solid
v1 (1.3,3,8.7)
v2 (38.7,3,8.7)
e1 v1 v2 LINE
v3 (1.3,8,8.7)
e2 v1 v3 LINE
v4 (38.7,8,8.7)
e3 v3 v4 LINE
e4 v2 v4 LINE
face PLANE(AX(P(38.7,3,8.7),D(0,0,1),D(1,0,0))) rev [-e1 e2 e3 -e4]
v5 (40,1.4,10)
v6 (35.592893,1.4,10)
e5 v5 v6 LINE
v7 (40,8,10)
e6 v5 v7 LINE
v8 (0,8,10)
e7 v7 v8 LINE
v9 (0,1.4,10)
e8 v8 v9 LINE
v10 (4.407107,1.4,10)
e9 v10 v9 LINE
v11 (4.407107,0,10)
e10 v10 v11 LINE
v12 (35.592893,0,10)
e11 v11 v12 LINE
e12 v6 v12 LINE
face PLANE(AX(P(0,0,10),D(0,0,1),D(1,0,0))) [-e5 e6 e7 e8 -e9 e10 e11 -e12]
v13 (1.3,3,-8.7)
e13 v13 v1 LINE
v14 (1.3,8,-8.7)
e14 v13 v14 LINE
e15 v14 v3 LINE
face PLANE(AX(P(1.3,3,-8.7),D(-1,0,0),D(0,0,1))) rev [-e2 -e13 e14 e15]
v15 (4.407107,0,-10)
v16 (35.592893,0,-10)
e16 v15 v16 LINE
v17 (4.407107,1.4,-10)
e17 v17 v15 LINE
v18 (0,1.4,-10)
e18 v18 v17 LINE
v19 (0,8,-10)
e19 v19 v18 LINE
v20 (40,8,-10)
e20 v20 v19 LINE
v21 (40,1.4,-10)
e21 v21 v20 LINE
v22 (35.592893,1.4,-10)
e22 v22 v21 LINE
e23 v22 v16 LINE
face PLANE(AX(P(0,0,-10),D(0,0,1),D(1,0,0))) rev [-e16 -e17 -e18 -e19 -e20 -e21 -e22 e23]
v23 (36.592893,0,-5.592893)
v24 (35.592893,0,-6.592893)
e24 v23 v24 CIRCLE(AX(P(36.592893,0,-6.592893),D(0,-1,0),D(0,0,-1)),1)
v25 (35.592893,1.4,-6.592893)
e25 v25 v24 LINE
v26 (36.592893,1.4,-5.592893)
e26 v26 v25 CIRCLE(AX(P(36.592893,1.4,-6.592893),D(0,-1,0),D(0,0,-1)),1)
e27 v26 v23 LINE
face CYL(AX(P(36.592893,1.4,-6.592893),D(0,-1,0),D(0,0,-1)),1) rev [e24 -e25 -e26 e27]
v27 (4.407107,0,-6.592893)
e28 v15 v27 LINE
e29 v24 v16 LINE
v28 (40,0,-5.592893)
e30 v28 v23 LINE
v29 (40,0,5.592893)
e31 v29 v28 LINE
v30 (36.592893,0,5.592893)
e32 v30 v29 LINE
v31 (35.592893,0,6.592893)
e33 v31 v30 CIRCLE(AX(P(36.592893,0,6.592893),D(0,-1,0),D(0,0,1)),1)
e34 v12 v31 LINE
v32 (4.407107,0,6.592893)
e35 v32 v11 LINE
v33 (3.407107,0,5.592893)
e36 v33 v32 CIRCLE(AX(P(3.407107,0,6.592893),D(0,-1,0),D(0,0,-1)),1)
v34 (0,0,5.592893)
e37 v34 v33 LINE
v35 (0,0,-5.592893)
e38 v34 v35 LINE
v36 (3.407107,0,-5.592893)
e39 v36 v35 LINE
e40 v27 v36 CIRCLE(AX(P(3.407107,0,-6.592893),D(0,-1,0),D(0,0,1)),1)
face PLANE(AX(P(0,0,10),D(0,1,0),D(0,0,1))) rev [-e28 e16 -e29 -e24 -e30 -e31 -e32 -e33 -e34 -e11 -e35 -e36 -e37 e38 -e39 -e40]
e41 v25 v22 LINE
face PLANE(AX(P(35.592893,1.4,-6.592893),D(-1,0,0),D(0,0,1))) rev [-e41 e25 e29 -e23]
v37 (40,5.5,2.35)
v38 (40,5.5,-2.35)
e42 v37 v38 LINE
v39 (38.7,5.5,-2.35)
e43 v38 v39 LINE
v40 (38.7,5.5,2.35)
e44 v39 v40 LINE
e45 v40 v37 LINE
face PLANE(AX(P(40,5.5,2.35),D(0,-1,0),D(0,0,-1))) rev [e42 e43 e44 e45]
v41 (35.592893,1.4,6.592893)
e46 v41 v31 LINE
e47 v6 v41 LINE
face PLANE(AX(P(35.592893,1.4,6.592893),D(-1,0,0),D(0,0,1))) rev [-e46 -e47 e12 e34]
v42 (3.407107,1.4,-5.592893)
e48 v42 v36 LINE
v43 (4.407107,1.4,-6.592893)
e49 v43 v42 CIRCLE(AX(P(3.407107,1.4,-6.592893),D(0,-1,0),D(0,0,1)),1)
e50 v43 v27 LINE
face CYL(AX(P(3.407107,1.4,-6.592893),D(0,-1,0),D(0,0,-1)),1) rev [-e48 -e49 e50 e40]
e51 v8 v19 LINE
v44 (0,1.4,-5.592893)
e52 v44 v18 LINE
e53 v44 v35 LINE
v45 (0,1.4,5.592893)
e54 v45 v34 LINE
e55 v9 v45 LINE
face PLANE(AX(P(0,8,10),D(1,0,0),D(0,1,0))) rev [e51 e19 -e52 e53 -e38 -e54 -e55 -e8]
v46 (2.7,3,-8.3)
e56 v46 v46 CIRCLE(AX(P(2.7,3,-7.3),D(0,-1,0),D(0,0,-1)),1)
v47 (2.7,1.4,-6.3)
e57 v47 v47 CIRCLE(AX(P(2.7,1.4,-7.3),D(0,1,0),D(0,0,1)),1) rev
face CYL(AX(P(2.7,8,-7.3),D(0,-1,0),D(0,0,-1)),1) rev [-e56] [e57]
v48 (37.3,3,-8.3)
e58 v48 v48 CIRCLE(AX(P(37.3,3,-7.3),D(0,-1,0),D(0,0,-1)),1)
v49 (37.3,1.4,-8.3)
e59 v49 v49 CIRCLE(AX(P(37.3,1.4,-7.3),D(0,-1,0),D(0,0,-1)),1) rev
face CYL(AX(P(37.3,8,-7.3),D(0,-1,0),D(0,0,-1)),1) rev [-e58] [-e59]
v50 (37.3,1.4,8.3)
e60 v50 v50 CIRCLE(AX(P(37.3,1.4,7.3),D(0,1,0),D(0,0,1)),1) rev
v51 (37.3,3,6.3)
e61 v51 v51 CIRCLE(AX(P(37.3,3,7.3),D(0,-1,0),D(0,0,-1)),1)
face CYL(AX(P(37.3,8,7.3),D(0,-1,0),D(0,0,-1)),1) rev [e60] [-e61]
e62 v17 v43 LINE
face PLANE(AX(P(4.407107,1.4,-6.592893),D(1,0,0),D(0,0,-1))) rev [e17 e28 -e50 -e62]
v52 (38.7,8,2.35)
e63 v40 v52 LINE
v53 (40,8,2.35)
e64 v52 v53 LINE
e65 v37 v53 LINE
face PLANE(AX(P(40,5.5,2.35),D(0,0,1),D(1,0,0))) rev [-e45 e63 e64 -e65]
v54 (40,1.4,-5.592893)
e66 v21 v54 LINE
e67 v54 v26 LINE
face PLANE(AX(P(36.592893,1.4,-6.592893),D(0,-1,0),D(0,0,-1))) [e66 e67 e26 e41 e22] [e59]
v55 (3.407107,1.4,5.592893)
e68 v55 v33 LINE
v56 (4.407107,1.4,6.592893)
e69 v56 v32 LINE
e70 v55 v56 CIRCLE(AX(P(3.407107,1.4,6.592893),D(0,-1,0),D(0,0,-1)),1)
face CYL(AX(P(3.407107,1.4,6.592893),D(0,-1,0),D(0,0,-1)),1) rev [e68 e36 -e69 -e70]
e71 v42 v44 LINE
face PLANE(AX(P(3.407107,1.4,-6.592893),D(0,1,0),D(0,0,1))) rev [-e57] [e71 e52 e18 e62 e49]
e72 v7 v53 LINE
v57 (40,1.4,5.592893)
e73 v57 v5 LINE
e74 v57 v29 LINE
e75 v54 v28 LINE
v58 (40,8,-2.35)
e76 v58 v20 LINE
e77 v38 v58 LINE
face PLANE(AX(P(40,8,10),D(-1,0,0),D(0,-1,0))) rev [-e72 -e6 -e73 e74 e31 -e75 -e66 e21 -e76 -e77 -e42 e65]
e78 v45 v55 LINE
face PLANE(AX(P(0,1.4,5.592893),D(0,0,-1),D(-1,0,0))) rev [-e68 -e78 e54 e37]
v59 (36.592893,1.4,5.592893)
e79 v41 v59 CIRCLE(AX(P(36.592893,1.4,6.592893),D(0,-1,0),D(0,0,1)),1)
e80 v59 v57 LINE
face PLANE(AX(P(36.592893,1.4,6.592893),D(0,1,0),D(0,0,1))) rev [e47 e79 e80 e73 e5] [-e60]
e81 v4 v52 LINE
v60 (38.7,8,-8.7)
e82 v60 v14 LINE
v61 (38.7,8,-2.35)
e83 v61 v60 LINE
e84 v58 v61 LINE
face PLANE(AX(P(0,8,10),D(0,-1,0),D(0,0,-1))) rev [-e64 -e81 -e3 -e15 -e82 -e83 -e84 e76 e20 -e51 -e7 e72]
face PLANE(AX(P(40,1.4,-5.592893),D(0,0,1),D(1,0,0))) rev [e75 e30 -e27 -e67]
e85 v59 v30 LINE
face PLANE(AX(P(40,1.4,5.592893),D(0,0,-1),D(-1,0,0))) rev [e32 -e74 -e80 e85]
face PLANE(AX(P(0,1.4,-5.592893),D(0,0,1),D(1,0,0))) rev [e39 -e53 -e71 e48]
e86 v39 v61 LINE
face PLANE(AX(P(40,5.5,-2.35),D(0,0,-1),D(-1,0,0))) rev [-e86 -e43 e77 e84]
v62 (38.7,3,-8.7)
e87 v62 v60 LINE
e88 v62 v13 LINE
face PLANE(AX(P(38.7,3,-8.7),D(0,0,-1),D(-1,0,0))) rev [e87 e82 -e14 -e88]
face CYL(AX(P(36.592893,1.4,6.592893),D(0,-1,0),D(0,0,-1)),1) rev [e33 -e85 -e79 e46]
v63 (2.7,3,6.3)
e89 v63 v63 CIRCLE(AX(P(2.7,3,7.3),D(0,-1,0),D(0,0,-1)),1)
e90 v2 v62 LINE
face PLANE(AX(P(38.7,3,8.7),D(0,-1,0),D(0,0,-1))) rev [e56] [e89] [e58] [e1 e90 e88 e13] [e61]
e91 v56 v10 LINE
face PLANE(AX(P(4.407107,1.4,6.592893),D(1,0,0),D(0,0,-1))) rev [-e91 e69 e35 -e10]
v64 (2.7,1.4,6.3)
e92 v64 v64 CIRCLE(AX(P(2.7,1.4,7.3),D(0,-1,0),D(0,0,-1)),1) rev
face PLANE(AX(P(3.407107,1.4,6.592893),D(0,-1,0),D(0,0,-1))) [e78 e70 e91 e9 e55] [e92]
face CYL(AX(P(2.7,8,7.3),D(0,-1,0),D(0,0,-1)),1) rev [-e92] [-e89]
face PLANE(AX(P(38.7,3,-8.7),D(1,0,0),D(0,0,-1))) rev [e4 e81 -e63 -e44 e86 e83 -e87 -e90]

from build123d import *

# Parameters (mm, degrees)
ESQUISSE1_W             = 40
ESQUISSE1_H             = 8
EXTRUSION1_DEPTH        = 10
ESQUISSE2_W             = 37.4
ESQUISSE2_H             = 17.4
ENL_V_MAT_EXTRU_1_DEPTH = 5
ESQUISSE3_W             = 1.3
ESQUISSE3_H             = 4.7
ENL_V_MAT_EXTRU_2_DEPTH = 2.5
ESQUISSE4_R             = 1
ENL_V_MAT_EXTRU_3_DEPTH = 43
ENL_V_MAT_EXTRU_4_DEPTH = 1.4


with BuildPart() as part:
    # Esquisse1 → Extrusion1 (new, symmetric)
    with BuildSketch(Plane.XY):
        with Locations((20, 4)):
            Rectangle(ESQUISSE1_W, ESQUISSE1_H)
    extrude(amount=EXTRUSION1_DEPTH, both=True)

    # Esquisse2 → Enlèv. mat.-Extru.1 (cut)
    with BuildSketch(Plane(origin=(0, 8, 0), x_dir=(-1, 0, 0), z_dir=(0, 1, 0))):
        with Locations((-20, 0)):
            Rectangle(ESQUISSE2_W, ESQUISSE2_H)
    extrude(amount=-ENL_V_MAT_EXTRU_1_DEPTH, mode=Mode.SUBTRACT)

    # Esquisse3 → Enlèv. mat.-Extru.2 (cut)
    with BuildSketch(Plane(origin=(0, 8, 0), x_dir=(-1, 0, 0), z_dir=(0, 1, 0))):
        with Locations((-39.35, 0)):
            Rectangle(ESQUISSE3_W, ESQUISSE3_H)
    extrude(amount=-ENL_V_MAT_EXTRU_2_DEPTH, mode=Mode.SUBTRACT)

    # Esquisse4 → Enlèv. mat.-Extru.3 (cut, through all)
    with BuildSketch(Plane.XZ):
        with Locations(Location((37.3, 7.3, 0), (0, 0, 270))):
            Circle(ESQUISSE4_R)
        with Locations(Location((37.3, -7.3, 0), (0, 0, 270))):
            Circle(ESQUISSE4_R)
        with Locations(Location((2.7, -7.3, 0), (0, 0, 270))):
            Circle(ESQUISSE4_R)
        with Locations(Location((2.7, 7.3, 0), (0, 0, 270))):
            Circle(ESQUISSE4_R)
    extrude(amount=-ENL_V_MAT_EXTRU_3_DEPTH, mode=Mode.SUBTRACT)

    # Esquisse5 → Enlèv. mat.-Extru.4 (cut)
    with BuildSketch(Plane.XZ):
        with BuildLine():
            Line((40, -5.592893219), (36.592893219, -5.592893219))
            ThreePointArc((36.592893219, -5.592893219), (35.885786438, -5.885786438), (35.592893219, -6.592893219))
            Line((35.592893219, -6.592893219), (35.592893219, -10))
            Line((35.592893219, -10), (40, -10))
            Line((40, -10), (40, -5.592893219))
        make_face()
        with BuildLine():
            Line((40, 10), (40, 5.592893219))
            Line((40, 5.592893219), (36.592893219, 5.592893219))
            ThreePointArc((36.592893219, 5.592893219), (35.885786438, 5.885786438), (35.592893219, 6.592893219))
            Line((35.592893219, 6.592893219), (35.592893219, 10))
            Line((35.592893219, 10), (40, 10))
        make_face()
        with BuildLine():
            Line((0, 5.592893219), (3.407106781, 5.592893219))
            ThreePointArc((3.407106781, 5.592893219), (4.114213562, 5.885786438), (4.407106781, 6.592893219))
            Line((4.407106781, 6.592893219), (4.407106781, 10))
            Line((4.407106781, 10), (0, 10))
            Line((0, 10), (0, 5.592893219))
        make_face()
        with BuildLine():
            Line((0, -10), (0, -5.592893219))
            Line((0, -5.592893219), (3.407106781, -5.592893219))
            ThreePointArc((3.407106781, -5.592893219), (4.114213562, -5.885786438), (4.407106781, -6.592893219))
            Line((4.407106781, -6.592893219), (4.407106781, -10))
            Line((4.407106781, -10), (0, -10))
        make_face()
    extrude(amount=-ENL_V_MAT_EXTRU_4_DEPTH, mode=Mode.SUBTRACT)


solid = part.part
